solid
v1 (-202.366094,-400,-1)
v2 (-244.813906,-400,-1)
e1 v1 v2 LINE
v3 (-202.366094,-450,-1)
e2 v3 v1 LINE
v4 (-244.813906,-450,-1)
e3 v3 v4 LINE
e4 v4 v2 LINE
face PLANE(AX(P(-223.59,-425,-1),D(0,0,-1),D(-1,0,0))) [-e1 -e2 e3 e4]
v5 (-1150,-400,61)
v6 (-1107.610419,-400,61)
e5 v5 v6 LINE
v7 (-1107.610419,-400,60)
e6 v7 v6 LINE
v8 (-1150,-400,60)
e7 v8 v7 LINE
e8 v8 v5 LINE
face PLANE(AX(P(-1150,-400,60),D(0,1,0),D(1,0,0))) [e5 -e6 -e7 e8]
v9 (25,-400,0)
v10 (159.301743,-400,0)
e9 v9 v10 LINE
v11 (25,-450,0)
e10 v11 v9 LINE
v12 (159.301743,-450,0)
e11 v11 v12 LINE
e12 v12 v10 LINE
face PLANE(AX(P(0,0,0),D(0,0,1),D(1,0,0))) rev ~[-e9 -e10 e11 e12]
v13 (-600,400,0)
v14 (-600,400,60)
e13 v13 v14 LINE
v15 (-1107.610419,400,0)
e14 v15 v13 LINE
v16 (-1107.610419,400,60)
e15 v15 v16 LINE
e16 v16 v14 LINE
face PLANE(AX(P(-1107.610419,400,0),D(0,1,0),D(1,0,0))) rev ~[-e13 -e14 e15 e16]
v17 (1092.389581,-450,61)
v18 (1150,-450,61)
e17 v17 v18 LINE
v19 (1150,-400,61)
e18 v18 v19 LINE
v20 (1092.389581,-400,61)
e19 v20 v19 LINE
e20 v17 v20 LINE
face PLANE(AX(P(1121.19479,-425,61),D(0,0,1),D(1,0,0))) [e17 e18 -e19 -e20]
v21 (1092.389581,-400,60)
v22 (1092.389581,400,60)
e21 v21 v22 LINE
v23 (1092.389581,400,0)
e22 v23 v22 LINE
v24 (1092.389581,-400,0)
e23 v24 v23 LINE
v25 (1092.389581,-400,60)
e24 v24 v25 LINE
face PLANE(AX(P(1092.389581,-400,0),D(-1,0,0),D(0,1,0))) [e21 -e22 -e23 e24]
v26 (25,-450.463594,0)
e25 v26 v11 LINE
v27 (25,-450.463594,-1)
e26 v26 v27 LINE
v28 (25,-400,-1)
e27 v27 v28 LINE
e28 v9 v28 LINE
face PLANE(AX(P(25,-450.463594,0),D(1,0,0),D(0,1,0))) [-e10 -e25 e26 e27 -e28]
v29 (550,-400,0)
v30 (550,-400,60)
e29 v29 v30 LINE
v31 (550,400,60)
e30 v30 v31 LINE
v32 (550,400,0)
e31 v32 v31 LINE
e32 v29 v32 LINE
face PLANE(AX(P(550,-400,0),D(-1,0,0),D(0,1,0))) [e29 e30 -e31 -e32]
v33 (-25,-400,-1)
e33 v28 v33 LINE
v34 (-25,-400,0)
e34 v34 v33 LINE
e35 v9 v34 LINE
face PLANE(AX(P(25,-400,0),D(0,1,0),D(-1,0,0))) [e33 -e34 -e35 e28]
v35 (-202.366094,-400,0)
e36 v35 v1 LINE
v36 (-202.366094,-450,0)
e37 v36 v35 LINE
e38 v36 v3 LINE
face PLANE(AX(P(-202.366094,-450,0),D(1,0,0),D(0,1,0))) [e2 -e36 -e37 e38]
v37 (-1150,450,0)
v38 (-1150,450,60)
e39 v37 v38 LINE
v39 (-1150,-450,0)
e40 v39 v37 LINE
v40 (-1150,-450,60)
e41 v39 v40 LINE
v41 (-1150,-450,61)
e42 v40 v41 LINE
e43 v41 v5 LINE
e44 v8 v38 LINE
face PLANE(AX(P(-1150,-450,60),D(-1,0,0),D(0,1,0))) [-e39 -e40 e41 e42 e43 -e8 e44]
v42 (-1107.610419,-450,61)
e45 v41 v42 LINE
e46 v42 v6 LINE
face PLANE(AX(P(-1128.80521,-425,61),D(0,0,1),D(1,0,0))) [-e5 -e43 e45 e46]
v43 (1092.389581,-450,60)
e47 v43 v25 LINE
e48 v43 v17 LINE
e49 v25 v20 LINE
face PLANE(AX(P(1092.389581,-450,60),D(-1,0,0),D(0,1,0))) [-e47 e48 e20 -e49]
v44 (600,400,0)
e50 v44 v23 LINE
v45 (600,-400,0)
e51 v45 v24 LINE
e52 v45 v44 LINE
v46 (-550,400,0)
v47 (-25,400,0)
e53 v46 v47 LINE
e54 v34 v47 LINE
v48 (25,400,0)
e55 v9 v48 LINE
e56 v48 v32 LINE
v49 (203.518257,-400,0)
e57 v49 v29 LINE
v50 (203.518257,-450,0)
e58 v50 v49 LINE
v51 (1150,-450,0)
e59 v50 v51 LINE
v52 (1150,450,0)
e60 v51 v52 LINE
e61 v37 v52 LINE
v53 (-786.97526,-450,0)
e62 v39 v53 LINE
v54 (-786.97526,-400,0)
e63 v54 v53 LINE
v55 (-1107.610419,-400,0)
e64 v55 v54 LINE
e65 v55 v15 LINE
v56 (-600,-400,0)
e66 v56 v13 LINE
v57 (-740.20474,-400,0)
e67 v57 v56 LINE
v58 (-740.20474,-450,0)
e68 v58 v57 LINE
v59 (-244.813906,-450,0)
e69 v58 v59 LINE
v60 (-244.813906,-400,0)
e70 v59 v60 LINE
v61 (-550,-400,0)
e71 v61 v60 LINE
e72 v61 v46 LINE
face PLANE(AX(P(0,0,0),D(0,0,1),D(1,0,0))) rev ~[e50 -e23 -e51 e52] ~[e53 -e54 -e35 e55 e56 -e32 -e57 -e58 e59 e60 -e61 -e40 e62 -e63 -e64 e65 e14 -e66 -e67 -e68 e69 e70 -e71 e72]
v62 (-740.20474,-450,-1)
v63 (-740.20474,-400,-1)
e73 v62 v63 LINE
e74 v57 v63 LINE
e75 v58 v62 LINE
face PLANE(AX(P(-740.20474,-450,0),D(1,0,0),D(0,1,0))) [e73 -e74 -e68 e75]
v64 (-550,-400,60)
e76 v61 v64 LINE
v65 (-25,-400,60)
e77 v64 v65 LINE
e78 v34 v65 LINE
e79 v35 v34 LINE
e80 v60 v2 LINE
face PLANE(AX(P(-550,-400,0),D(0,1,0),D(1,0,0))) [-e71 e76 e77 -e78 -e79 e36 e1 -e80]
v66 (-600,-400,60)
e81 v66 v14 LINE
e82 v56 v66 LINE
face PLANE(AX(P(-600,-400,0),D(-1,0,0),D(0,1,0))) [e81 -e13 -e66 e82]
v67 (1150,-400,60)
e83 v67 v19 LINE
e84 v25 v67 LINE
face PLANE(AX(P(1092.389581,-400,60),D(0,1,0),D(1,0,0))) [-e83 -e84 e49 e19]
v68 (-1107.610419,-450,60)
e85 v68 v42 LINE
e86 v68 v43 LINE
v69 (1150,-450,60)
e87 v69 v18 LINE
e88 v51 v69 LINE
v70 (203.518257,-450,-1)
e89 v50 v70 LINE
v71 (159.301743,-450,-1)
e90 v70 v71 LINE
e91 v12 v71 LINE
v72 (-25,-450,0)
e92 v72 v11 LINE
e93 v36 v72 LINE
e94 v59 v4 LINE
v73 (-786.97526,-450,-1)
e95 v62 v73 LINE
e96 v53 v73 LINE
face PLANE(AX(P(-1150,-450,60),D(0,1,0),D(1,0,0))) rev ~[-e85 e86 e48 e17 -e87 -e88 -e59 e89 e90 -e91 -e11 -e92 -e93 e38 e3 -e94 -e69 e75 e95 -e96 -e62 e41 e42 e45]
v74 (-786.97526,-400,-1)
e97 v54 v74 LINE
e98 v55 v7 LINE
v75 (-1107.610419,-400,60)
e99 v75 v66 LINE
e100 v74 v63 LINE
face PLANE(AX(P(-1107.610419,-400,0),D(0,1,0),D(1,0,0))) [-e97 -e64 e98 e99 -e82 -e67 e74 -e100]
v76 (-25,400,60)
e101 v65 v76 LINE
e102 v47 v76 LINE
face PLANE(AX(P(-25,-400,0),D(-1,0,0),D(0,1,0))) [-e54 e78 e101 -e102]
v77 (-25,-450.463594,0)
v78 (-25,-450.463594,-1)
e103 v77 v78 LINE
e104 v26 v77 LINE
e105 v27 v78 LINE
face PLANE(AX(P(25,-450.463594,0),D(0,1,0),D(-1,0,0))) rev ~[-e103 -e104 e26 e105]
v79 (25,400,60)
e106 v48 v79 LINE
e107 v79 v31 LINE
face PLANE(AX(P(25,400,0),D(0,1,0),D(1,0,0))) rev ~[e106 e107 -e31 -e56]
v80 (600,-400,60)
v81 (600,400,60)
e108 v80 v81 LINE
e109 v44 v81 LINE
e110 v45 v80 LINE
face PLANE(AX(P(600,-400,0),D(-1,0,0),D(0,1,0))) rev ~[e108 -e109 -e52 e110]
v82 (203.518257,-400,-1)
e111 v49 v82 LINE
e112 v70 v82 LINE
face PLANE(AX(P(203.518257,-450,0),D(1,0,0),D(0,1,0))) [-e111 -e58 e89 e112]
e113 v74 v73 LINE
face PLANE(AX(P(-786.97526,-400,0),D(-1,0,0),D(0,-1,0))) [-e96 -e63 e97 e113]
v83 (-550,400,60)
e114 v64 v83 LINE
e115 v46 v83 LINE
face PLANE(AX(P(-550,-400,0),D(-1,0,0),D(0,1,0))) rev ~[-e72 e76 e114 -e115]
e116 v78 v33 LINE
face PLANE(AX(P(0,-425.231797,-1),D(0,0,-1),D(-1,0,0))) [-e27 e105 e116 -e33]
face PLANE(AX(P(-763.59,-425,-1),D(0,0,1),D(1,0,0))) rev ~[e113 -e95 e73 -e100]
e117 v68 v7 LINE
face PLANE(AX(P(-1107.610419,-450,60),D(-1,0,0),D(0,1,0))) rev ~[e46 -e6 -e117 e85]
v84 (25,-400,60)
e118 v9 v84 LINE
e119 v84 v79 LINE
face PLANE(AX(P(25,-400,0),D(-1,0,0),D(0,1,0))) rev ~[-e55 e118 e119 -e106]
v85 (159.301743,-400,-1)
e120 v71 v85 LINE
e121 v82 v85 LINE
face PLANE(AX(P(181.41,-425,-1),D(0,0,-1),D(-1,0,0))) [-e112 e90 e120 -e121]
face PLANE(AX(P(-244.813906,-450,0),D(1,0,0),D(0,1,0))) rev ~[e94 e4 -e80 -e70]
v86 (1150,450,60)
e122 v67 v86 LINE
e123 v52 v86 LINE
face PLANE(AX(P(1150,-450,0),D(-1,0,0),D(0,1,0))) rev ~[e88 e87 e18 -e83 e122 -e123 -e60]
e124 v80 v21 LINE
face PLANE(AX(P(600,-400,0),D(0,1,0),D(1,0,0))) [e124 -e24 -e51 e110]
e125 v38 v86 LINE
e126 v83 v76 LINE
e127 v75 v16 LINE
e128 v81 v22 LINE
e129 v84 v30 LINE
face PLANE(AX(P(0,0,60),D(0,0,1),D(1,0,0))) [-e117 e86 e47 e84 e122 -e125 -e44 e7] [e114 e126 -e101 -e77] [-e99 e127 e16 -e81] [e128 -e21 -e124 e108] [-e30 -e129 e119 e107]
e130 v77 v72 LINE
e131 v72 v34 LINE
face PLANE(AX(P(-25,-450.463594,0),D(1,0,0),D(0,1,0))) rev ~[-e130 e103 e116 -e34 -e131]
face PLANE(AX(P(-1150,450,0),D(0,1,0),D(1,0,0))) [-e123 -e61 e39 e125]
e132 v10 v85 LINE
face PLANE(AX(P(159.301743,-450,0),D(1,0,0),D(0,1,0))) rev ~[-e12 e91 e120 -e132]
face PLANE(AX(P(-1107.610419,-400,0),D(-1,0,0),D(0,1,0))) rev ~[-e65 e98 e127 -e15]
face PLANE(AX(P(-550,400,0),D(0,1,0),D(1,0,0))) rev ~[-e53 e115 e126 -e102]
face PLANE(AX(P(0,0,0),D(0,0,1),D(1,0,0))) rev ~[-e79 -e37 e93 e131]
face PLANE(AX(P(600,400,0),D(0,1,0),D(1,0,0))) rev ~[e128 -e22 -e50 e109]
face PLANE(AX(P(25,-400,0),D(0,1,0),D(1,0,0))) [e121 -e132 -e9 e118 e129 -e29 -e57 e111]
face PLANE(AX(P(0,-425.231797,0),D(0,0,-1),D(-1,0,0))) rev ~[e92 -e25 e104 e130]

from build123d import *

# Parameters (mm, degrees)
SKETCH1_W           = 2300
SKETCH1_H           = 900
SKETCH1_W_2         = 525
SKETCH1_H_2         = 800
SKETCH1_W_3         = 492.389580631
SKETCH1_W_4         = 507.610419369
BOSS_EXTRUDE1_DEPTH = 60
SKETCH2_W           = 42.389580631
SKETCH2_H           = 50
SKETCH2_W_2         = 57.610419369
BOSS_EXTRUDE2_DEPTH = 1
SKETCH4_W           = 50
SKETCH4_H           = 50.463593603
BOSS_EXTRUDE4_DEPTH = 1
SKETCH5_W           = 44.216514846
SKETCH5_H           = 50
BOSS_EXTRUDE5_DEPTH = 1
SKETCH6_W           = 42.447812038
SKETCH6_H           = 50
BOSS_EXTRUDE6_DEPTH = 1
BOSS_EXTRUDE7_DEPTH = 1


with BuildPart() as part:
    # Sketch1 → Boss-Extrude1 (new body)
    with BuildSketch(Plane.XY):
        Rectangle(SKETCH1_W, SKETCH1_H)
        with Locations((-287.5, 0)):
            Rectangle(SKETCH1_W_2, SKETCH1_H_2, mode=Mode.SUBTRACT)
        with Locations((287.5, 0)):
            Rectangle(SKETCH1_W_2, SKETCH1_H_2, mode=Mode.SUBTRACT)
        with Locations((846.194790316, 0)):
            Rectangle(SKETCH1_W_3, SKETCH1_H_2, mode=Mode.SUBTRACT)
        with Locations((-853.805209685, 0)):
            Rectangle(SKETCH1_W_4, SKETCH1_H_2, mode=Mode.SUBTRACT)
    extrude(amount=BOSS_EXTRUDE1_DEPTH)

    # Sketch2 → Boss-Extrude2 (add)
    with BuildSketch(Plane.XY.offset(60)):
        with Locations((-1128.805209684, -425)):
            Rectangle(SKETCH2_W, SKETCH2_H)
        with Locations((1121.194790316, -425)):
            Rectangle(SKETCH2_W_2, SKETCH2_H)
    extrude(amount=BOSS_EXTRUDE2_DEPTH)

    # Sketch4 → Boss-Extrude4 (add)
    with BuildSketch(Plane(origin=(0, 0, 0), x_dir=(-1, 0, 0), z_dir=(0, 0, -1))):
        with Locations((0, -425.231796802)):
            Rectangle(SKETCH4_W, SKETCH4_H)
    extrude(amount=BOSS_EXTRUDE4_DEPTH)

    # Sketch5 → Boss-Extrude5 (add)
    with BuildSketch(Plane(origin=(0, 0, 0), x_dir=(-1, 0, 0), z_dir=(0, 0, -1))):
        with Locations((-181.41, -425)):
            Rectangle(SKETCH5_W, SKETCH5_H)
    extrude(amount=BOSS_EXTRUDE5_DEPTH)

    # Sketch6 → Boss-Extrude6 (add)
    with BuildSketch(Plane(origin=(0, 0, 0), x_dir=(-1, 0, 0), z_dir=(0, 0, -1))):
        with Locations((223.59, -425)):
            Rectangle(SKETCH6_W, SKETCH6_H)
    extrude(amount=BOSS_EXTRUDE6_DEPTH)

    # Sketch7 → Boss-Extrude7 (add)
    with BuildSketch(Plane(origin=(0, 0, 0), x_dir=(-1, 0, 0), z_dir=(0, 0, -1))):
        Polygon((740.20473979, -400), (763.59, -400), (786.97526021, -400), (786.97526021, -450), (763.59, -450), (740.20473979, -450), align=None)
    extrude(amount=BOSS_EXTRUDE7_DEPTH)


solid = part.part
